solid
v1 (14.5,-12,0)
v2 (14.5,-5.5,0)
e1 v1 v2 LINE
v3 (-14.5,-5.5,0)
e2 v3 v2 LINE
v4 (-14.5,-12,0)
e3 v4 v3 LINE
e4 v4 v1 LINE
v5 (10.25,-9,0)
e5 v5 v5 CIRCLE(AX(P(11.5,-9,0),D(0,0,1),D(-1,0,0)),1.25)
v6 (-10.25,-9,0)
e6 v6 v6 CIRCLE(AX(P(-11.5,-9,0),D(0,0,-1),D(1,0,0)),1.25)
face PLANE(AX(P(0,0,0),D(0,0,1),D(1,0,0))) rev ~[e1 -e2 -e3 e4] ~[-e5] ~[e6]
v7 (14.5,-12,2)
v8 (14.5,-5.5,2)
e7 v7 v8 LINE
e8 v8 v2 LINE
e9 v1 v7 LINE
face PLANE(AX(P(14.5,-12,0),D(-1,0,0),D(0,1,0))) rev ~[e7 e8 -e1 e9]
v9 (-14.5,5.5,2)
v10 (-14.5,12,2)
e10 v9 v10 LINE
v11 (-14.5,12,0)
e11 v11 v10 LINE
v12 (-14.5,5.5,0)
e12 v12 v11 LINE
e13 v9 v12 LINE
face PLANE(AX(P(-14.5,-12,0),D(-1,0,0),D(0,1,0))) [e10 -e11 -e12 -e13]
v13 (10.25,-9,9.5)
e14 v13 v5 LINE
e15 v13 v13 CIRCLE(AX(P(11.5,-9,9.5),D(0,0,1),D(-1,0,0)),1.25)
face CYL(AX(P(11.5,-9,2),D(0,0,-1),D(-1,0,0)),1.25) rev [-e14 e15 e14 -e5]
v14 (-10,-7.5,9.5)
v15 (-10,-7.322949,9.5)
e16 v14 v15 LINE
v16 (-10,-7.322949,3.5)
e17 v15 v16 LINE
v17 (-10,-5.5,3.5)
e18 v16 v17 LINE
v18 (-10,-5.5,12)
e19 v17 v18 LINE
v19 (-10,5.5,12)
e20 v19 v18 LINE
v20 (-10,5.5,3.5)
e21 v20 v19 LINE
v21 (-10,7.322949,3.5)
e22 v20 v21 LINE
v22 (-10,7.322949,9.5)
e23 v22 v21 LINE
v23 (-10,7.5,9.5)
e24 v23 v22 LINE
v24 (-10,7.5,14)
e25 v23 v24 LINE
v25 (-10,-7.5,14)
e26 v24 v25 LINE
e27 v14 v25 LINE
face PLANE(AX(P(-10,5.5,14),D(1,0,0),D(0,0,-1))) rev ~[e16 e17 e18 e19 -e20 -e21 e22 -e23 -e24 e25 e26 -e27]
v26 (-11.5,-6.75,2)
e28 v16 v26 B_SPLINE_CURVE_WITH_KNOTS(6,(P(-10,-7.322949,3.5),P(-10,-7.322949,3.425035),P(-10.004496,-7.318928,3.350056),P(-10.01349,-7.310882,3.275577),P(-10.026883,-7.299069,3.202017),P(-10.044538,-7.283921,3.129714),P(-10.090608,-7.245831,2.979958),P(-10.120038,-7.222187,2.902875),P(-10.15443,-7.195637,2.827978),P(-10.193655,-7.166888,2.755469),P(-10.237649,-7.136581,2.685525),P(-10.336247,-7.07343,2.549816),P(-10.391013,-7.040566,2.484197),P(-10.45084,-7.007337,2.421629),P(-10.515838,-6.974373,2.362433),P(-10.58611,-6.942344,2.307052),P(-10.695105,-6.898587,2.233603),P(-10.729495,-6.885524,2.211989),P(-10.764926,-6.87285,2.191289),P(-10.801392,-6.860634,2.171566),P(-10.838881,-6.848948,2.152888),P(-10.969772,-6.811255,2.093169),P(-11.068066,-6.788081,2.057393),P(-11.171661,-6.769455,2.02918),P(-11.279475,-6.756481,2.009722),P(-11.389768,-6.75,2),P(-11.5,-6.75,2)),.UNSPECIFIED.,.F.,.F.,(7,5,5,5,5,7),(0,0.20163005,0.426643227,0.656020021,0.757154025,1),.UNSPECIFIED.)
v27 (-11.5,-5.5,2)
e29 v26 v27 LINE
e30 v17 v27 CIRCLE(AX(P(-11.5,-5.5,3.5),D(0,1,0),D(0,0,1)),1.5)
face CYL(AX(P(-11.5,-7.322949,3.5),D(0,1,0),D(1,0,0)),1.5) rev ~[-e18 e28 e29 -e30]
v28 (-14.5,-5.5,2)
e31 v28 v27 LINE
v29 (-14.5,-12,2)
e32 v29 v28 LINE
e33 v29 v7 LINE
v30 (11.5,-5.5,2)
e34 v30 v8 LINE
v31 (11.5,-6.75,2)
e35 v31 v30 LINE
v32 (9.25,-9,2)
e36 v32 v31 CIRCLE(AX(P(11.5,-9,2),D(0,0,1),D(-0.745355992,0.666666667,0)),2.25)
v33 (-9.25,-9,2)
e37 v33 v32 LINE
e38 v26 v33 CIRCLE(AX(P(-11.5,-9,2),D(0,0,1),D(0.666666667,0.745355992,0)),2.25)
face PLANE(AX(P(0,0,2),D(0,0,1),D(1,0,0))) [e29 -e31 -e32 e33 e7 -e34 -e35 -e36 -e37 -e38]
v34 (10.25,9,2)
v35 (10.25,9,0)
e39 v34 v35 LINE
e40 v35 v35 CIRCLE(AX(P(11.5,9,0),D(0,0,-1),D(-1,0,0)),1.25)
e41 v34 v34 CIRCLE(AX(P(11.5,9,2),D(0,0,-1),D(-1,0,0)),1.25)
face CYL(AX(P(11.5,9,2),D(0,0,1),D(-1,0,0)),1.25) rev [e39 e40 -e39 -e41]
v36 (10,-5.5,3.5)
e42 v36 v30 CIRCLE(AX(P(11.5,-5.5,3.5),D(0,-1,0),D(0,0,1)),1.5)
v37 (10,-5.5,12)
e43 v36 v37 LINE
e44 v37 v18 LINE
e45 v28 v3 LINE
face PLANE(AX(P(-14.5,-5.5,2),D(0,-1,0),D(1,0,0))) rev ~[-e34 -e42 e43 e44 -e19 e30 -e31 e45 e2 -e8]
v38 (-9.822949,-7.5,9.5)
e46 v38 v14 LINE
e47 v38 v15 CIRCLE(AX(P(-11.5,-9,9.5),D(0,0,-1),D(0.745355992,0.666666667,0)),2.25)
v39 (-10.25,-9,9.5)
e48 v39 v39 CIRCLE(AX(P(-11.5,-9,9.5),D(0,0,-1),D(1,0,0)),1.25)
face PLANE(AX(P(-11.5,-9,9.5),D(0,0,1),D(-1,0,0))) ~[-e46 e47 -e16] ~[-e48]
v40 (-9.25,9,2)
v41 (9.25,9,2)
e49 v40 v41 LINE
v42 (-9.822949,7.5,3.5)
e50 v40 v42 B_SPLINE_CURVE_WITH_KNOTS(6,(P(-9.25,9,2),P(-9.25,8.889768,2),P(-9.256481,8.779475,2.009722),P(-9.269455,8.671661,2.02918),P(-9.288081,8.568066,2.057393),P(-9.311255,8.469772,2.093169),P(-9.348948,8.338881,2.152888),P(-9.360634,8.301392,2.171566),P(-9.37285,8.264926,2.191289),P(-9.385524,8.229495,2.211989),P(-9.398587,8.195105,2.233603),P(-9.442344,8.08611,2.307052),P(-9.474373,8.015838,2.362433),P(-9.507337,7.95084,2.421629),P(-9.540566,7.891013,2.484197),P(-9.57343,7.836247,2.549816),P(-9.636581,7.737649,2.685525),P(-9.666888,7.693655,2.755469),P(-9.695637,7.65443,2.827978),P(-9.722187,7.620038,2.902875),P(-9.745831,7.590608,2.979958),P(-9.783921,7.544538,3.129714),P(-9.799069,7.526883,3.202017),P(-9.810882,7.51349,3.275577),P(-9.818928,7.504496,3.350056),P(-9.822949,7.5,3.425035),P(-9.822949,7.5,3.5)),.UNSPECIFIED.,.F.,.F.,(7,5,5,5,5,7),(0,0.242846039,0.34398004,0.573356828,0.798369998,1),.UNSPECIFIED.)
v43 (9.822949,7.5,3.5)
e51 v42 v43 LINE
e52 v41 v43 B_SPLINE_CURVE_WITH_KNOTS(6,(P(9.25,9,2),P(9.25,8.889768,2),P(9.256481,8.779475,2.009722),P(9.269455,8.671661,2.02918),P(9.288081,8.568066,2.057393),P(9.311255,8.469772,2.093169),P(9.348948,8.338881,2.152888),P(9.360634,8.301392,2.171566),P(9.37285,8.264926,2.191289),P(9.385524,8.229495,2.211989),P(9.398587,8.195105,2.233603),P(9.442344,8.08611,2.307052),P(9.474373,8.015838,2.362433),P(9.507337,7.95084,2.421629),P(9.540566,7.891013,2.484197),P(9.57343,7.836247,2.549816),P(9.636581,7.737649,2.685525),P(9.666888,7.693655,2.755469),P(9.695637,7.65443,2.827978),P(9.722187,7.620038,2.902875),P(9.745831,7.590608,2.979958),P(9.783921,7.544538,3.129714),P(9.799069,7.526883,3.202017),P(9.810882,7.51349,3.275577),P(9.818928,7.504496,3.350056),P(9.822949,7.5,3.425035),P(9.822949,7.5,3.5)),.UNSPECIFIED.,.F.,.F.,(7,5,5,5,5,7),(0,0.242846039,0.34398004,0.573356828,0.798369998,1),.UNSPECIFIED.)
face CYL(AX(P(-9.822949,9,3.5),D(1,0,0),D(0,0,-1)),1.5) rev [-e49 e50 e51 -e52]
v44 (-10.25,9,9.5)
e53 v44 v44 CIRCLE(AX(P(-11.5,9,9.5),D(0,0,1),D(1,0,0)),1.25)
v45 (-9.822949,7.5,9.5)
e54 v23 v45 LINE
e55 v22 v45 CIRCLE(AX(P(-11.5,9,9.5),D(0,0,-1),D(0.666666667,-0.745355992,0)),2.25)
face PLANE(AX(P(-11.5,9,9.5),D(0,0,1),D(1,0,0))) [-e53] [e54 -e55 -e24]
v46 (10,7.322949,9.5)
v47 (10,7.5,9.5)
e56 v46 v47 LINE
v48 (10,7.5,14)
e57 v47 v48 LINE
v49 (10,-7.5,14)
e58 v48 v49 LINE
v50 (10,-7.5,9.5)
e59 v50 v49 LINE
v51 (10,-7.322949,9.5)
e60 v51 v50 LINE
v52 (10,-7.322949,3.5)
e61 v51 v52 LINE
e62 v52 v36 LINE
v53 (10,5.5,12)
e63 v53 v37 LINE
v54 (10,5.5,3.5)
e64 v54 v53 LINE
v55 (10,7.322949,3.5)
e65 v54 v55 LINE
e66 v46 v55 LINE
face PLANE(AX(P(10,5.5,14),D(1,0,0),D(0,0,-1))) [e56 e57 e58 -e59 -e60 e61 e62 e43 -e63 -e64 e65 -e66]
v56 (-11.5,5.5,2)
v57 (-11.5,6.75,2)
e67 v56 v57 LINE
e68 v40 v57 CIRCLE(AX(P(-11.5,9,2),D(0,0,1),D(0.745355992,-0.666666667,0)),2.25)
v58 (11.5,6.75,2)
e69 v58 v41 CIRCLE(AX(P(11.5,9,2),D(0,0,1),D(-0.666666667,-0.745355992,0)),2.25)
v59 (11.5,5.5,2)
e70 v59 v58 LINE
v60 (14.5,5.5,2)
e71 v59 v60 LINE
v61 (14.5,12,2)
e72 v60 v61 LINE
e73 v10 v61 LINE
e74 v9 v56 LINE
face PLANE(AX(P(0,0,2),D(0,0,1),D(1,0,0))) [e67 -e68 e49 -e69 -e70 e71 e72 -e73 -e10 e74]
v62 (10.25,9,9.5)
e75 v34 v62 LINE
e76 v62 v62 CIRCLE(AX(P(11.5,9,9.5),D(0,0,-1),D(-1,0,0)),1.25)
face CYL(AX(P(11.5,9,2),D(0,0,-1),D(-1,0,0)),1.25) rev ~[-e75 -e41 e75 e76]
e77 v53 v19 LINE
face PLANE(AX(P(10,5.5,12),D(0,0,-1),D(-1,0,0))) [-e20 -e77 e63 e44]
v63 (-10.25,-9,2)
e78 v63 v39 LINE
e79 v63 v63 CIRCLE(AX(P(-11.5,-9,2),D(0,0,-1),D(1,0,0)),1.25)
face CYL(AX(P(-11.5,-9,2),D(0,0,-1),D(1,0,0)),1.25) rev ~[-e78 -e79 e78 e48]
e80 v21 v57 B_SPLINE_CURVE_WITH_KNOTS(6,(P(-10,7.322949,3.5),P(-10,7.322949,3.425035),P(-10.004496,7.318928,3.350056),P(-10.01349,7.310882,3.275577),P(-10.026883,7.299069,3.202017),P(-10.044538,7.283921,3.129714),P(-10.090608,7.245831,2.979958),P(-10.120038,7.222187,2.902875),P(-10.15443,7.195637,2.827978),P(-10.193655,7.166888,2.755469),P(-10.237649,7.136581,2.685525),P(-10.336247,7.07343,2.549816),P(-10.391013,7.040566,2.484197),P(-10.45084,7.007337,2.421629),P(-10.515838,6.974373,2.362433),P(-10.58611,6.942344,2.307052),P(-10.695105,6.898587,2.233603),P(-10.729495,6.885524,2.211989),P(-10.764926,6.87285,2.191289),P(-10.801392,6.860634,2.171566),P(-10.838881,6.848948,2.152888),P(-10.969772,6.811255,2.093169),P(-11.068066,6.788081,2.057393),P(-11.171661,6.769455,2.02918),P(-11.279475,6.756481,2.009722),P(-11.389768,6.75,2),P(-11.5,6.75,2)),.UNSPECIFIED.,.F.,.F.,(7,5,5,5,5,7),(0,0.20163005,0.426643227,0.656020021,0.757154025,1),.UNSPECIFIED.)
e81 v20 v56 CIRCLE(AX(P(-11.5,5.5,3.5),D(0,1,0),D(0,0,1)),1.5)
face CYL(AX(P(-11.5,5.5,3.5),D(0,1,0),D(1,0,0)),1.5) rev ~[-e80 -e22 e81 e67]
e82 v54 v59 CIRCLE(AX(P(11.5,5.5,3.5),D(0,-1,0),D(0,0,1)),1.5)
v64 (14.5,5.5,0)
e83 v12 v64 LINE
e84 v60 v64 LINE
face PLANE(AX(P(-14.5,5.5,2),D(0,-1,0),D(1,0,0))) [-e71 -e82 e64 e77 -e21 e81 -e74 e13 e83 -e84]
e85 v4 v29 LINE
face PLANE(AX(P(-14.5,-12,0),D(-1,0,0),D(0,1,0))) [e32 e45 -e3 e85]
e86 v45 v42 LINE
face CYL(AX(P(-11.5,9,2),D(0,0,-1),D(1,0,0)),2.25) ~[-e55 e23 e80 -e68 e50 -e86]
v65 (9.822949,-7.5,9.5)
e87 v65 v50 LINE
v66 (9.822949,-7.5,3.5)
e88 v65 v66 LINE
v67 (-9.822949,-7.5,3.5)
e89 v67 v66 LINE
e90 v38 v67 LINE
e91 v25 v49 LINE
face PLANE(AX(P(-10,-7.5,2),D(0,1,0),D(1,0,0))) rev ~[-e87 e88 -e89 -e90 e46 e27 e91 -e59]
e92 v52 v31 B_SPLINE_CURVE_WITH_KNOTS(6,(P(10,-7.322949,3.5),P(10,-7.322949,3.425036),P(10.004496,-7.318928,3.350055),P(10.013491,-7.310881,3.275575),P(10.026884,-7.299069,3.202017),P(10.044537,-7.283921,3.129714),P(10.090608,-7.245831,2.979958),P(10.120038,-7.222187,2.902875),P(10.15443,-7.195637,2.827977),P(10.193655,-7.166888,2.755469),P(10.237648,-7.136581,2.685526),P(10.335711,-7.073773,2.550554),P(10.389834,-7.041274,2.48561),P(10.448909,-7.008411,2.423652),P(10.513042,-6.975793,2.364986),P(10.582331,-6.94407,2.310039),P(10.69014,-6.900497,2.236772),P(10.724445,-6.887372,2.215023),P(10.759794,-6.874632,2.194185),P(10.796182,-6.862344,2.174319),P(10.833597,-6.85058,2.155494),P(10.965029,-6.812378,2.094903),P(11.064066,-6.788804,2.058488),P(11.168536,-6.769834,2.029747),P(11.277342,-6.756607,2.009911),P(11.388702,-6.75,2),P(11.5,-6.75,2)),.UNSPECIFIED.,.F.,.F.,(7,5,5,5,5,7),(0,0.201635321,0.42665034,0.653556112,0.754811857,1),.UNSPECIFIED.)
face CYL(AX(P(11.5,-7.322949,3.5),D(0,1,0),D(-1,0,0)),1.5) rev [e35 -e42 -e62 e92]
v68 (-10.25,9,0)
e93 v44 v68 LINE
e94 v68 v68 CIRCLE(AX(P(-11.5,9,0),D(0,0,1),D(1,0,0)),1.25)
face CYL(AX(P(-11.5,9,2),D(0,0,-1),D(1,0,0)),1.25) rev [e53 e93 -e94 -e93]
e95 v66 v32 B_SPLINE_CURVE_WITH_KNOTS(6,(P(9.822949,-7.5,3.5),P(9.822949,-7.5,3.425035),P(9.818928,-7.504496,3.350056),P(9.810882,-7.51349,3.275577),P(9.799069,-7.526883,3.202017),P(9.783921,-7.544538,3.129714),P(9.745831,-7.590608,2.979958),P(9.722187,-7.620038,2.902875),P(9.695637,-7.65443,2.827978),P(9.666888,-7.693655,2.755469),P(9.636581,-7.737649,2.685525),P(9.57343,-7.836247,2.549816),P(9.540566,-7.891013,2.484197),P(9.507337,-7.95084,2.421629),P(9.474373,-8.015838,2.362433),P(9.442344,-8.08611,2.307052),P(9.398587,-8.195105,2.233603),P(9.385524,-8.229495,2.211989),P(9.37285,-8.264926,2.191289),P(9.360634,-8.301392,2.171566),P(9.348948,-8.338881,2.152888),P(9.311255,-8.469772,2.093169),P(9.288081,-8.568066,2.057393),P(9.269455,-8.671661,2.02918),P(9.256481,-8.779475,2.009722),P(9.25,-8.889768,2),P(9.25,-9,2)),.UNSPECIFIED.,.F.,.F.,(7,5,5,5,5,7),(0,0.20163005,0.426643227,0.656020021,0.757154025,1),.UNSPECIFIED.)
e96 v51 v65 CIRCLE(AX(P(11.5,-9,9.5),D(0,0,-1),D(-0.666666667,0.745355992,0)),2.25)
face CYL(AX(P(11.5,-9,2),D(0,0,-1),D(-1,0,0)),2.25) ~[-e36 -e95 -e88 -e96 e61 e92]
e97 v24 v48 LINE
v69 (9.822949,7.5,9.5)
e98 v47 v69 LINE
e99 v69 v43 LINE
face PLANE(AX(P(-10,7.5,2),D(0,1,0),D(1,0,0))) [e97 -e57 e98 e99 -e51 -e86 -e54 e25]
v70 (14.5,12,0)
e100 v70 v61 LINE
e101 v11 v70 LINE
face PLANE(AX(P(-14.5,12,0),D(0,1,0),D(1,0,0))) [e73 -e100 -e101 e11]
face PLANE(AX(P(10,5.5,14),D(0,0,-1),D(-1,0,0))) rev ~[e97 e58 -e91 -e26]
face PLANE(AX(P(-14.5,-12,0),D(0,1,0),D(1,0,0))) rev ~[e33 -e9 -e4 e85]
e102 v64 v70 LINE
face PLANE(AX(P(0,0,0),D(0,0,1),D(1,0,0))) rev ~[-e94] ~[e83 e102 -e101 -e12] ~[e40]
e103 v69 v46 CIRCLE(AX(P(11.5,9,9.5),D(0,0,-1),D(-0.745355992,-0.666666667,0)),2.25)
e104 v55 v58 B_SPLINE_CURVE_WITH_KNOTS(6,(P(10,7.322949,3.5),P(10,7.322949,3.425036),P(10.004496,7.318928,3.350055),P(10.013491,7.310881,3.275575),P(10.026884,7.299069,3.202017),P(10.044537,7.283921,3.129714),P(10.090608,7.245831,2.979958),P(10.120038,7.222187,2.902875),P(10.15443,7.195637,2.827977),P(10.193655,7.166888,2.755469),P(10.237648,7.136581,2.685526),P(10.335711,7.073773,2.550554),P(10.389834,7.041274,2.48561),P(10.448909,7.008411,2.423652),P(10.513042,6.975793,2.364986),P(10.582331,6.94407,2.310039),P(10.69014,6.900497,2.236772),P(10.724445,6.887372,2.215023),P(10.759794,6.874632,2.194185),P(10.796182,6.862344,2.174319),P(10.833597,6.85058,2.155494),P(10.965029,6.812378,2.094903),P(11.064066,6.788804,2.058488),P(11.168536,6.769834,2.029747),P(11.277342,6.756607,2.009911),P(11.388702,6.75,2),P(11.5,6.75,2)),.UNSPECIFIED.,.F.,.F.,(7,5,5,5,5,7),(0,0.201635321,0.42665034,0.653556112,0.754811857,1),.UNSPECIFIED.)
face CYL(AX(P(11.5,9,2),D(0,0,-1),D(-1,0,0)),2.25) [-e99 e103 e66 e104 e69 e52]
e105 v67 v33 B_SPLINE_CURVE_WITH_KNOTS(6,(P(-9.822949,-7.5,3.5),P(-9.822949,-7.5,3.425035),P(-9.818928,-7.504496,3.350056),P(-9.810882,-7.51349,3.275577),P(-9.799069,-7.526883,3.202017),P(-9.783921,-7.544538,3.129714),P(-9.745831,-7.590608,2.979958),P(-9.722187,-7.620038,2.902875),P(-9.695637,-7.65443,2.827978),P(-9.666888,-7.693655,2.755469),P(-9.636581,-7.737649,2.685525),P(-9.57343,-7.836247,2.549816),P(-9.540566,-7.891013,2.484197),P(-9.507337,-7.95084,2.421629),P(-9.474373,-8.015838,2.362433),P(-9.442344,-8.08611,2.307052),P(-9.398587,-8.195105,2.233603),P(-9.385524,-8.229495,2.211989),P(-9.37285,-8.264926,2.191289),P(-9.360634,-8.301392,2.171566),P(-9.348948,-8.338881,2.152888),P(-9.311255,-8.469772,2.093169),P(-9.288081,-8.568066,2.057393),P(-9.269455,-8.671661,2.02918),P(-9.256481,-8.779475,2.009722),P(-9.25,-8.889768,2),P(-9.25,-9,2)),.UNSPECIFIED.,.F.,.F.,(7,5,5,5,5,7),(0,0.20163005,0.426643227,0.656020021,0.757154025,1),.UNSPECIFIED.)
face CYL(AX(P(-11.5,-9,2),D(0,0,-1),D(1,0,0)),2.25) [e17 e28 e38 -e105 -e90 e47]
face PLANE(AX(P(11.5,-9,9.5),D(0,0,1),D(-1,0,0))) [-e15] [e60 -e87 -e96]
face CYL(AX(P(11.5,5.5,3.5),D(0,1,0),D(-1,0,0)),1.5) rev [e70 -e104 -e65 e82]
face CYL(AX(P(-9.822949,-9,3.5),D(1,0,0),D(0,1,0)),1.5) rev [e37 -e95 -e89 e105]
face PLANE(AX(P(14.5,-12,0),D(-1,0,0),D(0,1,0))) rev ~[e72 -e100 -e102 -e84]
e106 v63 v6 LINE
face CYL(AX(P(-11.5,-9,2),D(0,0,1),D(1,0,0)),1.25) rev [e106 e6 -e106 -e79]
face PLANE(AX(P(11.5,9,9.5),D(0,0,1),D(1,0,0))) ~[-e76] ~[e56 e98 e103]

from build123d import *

# Parameters (mm, degrees)
CROQUIS1_W                   = 29
CROQUIS1_H                   = 24
SALIENTE_EXTRUIR1_DEPTH      = 2
CROQUIS2_W                   = 29
CROQUIS2_H                   = 11
CORTAR_EXTRUIR1_DEPTH        = 2
CROQUIS3_R                   = 1.25
CORTAR_EXTRUIR2_DEPTH        = 2
SIMETR_A5_COPY_1_SKETCH_R    = 1.25
SIMETR_A5_COPY_1_DEPTH       = 2
CROQUIS4_W                   = 20
CROQUIS4_H                   = 2
SALIENTE_EXTRUIR2_DEPTH      = 12
CROQUIS6_W                   = 20
CROQUIS6_H                   = 2
SALIENTE_EXTRUIR4_DEPTH      = 12
CROQUIS5_W                   = 20
CROQUIS5_H                   = 2
SALIENTE_EXTRUIR5_DEPTH      = 11
CROQUIS7_R                   = 2.25
CROQUIS7_R_2                 = 1.25
EXTRUIR_L_MINA1_DEPTH        = 7.5
SIMETR_A10_COPY_1_SKETCH_R   = 2.25
SIMETR_A10_COPY_1_SKETCH_R_2 = 1.25
SIMETR_A10_COPY_1_DEPTH      = 7.5
REDONDEO1_R                  = 1.5


with BuildPart() as part:
    # Croquis1 → Saliente-Extruir1 (new body)
    with BuildSketch(Plane.XY):
        Rectangle(CROQUIS1_W, CROQUIS1_H)
    extrude(amount=SALIENTE_EXTRUIR1_DEPTH)

    # Croquis2 → Cortar-Extruir1 (cut)
    with BuildSketch(Plane.XY.offset(2)):
        Rectangle(CROQUIS2_W, CROQUIS2_H)
    extrude(amount=-CORTAR_EXTRUIR1_DEPTH, mode=Mode.SUBTRACT)

    # Croquis3 → Cortar-Extruir2 (cut)
    with BuildSketch(Plane.XY.offset(2)):
        with Locations((-11.5, 9)):
            Circle(CROQUIS3_R)
    cortar_extruir2 = extrude(amount=-CORTAR_EXTRUIR2_DEPTH, mode=Mode.SUBTRACT)

    # Simetría2: Cortar-Extruir2 across plane
    add(cortar_extruir2.mirror(Plane(origin=(0, 0, 0), x_dir=(0, 0, 1), z_dir=(1, 0, 0))), mode=Mode.SUBTRACT)

    # Simetría5: Cortar-Extruir2 across plane
    add(cortar_extruir2.mirror(Plane.ZX), mode=Mode.SUBTRACT)

    # Simetría5 copy 1 sketch → Simetría5 copy 1 (cut)
    with BuildSketch(Plane(origin=(0, 0, 2), x_dir=(-1, 0, 0), z_dir=(0, 0, 1))):
        with Locations((-11.5, 9)):
            Circle(SIMETR_A5_COPY_1_SKETCH_R)
    extrude(amount=-SIMETR_A5_COPY_1_DEPTH, mode=Mode.SUBTRACT)

    # Croquis4 → Saliente-Extruir2 (add)
    with BuildSketch(Plane.XY.offset(2)):
        with Locations((0, 6.5)):
            Rectangle(CROQUIS4_W, CROQUIS4_H)
    extrude(amount=SALIENTE_EXTRUIR2_DEPTH)

    # Croquis6 → Saliente-Extruir4 (add)
    with BuildSketch(Plane.XY.offset(2)):
        with Locations((0, -6.5)):
            Rectangle(CROQUIS6_W, CROQUIS6_H)
    extrude(amount=SALIENTE_EXTRUIR4_DEPTH)

    # Croquis5 → Saliente-Extruir5 (add)
    with BuildSketch(Plane(origin=(0, 5.5, 0), x_dir=(-1, 0, 0), z_dir=(0, -1, 0))):
        with Locations((0, -13)):
            Rectangle(CROQUIS5_W, CROQUIS5_H)
    extrude(amount=SALIENTE_EXTRUIR5_DEPTH)

    # Croquis7 → Extruir-Lámina1 (add)
    with BuildSketch(Plane.XY.offset(2)):
        with Locations((-11.5, 9)):
            Circle(CROQUIS7_R)
        with Locations((-11.5, 9)):
            Circle(CROQUIS7_R_2, mode=Mode.SUBTRACT)
    extruir_l_mina1 = extrude(amount=EXTRUIR_L_MINA1_DEPTH)

    # Simetría8: Extruir-Lámina1 across plane
    add(extruir_l_mina1.mirror(Plane(origin=(0, 0, 0), x_dir=(0, 0, 1), z_dir=(1, 0, 0))))

    # Simetría10: Extruir-Lámina1 across plane
    add(extruir_l_mina1.mirror(Plane.ZX))

    # Simetría10 copy 1 sketch → Simetría10 copy 1 (add)
    with BuildSketch(Plane(origin=(0, 0, 2), x_dir=(-1, 0, 0), z_dir=(0, 0, 1))):
        with Locations((-11.5, 9)):
            Circle(SIMETR_A10_COPY_1_SKETCH_R)
        with Locations((-11.5, 9)):
            Circle(SIMETR_A10_COPY_1_SKETCH_R_2, mode=Mode.SUBTRACT)
    extrude(amount=SIMETR_A10_COPY_1_DEPTH)

    # Redondeo1
    redondeo1_edges = [part.edges().sort_by_distance(p)[0] for p in [
        (10, 6.411474508, 2),
        (-10, -6.411474508, 2),
        (-10, 6.411474508, 2),
        (0, 7.5, 2),
        (10, -6.411474508, 2),
        (0, -7.5, 2),
    ]]
    fillet(redondeo1_edges, radius=REDONDEO1_R)


solid = part.part
